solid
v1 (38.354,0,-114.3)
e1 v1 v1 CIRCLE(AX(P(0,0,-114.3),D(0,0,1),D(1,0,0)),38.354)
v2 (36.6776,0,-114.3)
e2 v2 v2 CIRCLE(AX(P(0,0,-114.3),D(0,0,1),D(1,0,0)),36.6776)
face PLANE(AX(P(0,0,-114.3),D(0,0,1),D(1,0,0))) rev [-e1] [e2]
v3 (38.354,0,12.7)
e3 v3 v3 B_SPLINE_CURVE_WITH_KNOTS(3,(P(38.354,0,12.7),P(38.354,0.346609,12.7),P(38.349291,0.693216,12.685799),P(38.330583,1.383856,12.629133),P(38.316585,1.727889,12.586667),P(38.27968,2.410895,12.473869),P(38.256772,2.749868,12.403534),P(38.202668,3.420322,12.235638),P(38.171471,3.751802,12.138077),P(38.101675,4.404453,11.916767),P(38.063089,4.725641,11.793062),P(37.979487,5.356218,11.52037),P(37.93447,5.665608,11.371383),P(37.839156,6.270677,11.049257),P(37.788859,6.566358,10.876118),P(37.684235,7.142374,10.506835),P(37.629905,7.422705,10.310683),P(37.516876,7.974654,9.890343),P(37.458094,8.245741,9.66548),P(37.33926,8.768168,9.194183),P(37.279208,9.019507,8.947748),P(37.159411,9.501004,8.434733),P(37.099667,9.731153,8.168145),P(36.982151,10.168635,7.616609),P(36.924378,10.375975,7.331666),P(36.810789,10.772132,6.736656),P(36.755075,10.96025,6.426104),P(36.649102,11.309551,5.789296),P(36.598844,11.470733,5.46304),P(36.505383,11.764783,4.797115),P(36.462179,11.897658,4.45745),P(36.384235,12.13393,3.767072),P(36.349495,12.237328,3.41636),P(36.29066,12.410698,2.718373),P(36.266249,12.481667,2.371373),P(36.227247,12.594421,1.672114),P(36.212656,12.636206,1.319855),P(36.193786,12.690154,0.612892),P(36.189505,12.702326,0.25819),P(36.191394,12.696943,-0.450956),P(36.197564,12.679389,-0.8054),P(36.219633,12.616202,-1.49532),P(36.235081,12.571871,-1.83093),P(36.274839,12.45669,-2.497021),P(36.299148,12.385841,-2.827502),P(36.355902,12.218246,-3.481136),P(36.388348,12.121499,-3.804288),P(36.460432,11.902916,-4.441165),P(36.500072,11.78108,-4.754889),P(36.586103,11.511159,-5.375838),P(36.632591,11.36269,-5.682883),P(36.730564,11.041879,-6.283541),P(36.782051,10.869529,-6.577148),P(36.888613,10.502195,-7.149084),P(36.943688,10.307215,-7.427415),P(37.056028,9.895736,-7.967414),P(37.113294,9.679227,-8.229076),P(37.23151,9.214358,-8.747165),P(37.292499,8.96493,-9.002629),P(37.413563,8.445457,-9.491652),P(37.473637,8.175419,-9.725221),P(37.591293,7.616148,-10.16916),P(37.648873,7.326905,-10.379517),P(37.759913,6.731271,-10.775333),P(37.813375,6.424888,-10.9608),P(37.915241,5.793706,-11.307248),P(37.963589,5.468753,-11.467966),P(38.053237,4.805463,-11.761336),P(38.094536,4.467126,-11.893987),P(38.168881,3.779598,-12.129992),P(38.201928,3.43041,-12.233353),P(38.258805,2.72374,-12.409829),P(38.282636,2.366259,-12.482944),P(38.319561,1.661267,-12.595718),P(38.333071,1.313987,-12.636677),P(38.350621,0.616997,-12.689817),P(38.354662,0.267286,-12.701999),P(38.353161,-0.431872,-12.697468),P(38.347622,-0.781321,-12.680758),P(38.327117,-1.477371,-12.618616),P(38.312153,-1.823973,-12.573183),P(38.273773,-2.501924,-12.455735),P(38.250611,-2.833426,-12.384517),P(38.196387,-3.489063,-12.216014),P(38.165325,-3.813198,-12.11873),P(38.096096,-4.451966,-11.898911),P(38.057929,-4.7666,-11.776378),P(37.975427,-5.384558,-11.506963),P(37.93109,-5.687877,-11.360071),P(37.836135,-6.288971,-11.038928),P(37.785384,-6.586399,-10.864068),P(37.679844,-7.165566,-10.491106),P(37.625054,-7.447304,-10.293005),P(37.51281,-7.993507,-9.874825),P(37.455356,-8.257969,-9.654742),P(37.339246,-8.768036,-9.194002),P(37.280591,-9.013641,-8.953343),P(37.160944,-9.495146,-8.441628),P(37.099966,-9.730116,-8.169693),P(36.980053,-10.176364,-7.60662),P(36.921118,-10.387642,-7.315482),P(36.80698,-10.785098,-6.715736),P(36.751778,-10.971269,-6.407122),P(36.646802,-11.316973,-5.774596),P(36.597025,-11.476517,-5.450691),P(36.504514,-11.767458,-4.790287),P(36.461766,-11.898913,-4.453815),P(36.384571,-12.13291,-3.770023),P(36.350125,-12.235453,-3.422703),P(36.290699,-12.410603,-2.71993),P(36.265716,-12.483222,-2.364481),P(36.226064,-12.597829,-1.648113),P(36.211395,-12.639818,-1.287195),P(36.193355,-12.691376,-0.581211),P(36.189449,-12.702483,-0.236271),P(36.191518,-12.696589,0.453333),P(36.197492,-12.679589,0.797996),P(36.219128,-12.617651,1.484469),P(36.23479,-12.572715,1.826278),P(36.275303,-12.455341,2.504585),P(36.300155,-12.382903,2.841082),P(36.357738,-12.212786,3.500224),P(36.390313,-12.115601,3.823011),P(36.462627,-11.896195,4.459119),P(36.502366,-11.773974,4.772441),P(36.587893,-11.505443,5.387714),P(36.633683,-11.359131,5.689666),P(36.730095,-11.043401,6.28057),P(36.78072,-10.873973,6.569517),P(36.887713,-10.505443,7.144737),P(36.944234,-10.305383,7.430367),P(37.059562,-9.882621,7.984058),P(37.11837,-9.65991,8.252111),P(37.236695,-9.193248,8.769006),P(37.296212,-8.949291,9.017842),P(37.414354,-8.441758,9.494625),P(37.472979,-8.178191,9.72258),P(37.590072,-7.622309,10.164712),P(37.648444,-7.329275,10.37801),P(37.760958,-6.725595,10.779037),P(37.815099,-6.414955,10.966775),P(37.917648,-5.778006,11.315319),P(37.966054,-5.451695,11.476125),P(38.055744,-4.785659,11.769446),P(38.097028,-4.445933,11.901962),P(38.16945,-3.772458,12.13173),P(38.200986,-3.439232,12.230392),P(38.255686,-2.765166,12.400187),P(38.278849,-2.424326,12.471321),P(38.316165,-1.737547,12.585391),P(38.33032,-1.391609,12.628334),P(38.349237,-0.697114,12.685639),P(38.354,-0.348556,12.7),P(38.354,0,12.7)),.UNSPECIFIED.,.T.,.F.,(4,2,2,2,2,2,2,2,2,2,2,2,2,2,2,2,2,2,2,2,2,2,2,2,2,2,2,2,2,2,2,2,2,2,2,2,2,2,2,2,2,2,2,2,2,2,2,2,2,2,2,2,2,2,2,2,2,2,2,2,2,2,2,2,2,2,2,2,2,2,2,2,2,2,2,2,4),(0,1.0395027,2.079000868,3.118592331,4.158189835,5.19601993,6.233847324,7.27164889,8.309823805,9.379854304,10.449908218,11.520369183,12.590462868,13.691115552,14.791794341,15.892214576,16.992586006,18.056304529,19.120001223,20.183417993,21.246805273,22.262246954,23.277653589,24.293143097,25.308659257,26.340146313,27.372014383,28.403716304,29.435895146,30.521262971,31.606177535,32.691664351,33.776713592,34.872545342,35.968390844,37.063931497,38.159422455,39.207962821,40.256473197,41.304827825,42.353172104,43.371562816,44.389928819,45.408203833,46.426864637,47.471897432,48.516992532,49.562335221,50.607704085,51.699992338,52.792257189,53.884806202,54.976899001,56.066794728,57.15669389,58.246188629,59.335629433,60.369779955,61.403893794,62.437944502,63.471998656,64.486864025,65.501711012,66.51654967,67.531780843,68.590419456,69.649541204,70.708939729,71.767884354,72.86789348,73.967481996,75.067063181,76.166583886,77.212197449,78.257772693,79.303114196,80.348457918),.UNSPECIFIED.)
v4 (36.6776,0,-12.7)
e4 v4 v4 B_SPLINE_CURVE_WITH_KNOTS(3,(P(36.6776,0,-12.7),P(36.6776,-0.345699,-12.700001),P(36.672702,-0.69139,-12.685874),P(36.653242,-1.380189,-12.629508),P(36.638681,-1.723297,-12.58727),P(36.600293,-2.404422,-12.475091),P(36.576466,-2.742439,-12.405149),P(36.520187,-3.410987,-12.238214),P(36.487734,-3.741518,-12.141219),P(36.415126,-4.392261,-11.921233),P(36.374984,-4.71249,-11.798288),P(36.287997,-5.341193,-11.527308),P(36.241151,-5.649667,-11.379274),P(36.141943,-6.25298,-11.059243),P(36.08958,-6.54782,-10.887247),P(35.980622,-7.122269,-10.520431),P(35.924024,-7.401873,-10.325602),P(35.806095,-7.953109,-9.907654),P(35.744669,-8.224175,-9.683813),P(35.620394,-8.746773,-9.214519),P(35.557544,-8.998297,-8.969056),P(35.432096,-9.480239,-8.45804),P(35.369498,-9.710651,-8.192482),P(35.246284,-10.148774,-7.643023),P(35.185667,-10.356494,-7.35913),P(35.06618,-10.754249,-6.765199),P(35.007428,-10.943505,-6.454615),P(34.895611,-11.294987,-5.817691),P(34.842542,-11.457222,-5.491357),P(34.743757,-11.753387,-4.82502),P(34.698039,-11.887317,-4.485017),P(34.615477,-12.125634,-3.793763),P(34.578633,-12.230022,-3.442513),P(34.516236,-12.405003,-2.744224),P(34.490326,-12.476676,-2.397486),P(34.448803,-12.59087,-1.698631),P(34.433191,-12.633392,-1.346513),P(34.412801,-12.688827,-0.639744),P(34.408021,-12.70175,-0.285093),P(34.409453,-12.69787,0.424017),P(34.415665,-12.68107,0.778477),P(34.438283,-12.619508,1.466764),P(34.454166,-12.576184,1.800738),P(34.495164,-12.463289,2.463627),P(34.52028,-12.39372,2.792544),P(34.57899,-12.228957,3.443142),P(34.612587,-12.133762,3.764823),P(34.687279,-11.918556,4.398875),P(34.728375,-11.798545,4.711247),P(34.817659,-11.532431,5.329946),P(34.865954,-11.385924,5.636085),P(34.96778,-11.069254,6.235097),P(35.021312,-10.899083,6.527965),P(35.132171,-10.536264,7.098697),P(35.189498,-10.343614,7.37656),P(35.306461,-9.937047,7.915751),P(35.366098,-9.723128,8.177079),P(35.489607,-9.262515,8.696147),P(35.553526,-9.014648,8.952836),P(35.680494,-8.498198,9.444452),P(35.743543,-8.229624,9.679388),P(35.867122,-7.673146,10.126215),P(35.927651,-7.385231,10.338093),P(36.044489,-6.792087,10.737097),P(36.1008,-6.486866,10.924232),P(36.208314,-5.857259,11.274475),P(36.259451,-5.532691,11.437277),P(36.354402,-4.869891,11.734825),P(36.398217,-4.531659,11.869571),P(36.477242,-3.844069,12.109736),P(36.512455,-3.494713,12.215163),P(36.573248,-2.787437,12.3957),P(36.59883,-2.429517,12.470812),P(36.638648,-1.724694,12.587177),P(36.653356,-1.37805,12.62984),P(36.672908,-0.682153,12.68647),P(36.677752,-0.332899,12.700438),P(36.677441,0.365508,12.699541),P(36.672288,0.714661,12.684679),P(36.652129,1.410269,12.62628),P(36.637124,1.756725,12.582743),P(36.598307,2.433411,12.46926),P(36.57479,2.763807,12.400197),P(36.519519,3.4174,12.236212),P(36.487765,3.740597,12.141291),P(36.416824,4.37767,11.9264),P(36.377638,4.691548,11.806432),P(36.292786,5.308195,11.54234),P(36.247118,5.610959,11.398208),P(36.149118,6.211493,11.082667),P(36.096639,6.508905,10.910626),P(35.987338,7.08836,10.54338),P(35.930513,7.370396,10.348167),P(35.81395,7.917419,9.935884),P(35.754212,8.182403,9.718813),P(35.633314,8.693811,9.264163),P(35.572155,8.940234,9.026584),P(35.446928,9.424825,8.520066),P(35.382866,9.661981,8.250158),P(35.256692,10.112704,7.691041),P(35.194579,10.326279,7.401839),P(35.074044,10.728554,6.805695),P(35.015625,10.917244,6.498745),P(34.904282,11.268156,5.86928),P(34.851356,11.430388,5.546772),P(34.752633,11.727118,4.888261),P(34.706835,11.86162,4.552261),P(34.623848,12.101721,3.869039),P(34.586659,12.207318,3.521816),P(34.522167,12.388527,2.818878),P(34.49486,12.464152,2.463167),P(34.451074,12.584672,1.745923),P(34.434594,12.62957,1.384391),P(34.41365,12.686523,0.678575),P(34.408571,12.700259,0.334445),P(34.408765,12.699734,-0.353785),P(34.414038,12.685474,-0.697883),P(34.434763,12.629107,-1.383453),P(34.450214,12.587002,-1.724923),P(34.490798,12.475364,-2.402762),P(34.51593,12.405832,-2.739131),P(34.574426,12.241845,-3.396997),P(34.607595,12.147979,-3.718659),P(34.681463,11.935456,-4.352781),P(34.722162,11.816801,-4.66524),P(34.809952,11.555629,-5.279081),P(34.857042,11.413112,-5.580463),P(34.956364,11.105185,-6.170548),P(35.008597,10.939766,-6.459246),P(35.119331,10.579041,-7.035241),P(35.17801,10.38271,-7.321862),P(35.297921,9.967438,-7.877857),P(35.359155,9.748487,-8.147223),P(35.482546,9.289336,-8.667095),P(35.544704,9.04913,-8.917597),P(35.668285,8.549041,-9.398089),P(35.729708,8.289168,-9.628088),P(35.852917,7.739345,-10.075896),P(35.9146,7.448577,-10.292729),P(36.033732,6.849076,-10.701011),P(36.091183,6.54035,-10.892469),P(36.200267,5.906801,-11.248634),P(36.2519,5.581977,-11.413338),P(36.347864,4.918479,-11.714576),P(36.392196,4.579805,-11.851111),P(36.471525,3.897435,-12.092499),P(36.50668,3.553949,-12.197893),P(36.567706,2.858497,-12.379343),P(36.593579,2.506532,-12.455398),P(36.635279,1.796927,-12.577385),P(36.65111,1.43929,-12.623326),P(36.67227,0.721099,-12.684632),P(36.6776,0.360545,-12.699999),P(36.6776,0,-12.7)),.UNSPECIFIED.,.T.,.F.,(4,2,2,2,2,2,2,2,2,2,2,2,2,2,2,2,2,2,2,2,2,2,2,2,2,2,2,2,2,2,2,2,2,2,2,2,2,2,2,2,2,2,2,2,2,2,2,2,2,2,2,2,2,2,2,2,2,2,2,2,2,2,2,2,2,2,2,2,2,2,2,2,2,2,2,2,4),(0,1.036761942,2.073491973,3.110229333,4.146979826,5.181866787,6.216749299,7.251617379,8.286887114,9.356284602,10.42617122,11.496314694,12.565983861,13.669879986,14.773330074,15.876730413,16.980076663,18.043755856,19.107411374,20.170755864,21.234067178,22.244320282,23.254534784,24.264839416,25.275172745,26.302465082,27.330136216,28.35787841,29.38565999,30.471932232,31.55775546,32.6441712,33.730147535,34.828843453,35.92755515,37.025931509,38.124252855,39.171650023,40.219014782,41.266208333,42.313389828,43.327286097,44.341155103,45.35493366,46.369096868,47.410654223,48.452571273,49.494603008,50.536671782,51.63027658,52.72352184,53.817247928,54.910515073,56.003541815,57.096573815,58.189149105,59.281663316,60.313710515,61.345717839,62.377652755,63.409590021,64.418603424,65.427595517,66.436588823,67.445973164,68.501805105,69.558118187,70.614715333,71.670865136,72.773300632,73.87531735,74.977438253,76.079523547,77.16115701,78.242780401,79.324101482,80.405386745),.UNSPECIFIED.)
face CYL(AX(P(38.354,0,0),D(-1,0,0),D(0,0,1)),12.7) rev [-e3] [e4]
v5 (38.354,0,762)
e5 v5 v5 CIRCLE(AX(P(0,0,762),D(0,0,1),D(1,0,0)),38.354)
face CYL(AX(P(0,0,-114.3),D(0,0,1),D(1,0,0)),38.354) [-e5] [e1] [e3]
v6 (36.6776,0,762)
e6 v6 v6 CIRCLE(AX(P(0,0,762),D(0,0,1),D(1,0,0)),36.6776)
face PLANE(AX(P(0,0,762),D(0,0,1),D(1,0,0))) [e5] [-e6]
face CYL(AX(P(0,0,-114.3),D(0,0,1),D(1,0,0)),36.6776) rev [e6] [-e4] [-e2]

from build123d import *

# Parameters (mm, degrees)
BOSS_EXTRUDE1_DEPTH      = 762
BOSS_EXTRUDE1_DEPTH_BACK = 114.3
SKETCH1_R                = 38.354
SKETCH1_R_2              = 36.6776
SKETCH2_R                = 12.7
CUT_EXTRUDE1_DEPTH       = 764.928045455


with BuildPart() as part:
    # Sketch1 → Boss-Extrude1 (new, two sides: drawn at the far end of the back side and taken through both)
    with BuildSketch(Plane.XY.offset(-BOSS_EXTRUDE1_DEPTH_BACK)):
        Circle(SKETCH1_R)
        Circle(SKETCH1_R_2, mode=Mode.SUBTRACT)
    extrude(amount=BOSS_EXTRUDE1_DEPTH + BOSS_EXTRUDE1_DEPTH_BACK)

    # Sketch2 → Cut-Extrude1 (cut, through all)
    with BuildSketch(Plane(origin=(0, 0, 0), x_dir=(0, 0, -1), z_dir=(1, 0, 0))):
        with Locations(Location((0, 0, 0), (0, 0, 180))):
            Circle(SKETCH2_R)
    extrude(amount=CUT_EXTRUDE1_DEPTH, mode=Mode.SUBTRACT)


solid = part.part
